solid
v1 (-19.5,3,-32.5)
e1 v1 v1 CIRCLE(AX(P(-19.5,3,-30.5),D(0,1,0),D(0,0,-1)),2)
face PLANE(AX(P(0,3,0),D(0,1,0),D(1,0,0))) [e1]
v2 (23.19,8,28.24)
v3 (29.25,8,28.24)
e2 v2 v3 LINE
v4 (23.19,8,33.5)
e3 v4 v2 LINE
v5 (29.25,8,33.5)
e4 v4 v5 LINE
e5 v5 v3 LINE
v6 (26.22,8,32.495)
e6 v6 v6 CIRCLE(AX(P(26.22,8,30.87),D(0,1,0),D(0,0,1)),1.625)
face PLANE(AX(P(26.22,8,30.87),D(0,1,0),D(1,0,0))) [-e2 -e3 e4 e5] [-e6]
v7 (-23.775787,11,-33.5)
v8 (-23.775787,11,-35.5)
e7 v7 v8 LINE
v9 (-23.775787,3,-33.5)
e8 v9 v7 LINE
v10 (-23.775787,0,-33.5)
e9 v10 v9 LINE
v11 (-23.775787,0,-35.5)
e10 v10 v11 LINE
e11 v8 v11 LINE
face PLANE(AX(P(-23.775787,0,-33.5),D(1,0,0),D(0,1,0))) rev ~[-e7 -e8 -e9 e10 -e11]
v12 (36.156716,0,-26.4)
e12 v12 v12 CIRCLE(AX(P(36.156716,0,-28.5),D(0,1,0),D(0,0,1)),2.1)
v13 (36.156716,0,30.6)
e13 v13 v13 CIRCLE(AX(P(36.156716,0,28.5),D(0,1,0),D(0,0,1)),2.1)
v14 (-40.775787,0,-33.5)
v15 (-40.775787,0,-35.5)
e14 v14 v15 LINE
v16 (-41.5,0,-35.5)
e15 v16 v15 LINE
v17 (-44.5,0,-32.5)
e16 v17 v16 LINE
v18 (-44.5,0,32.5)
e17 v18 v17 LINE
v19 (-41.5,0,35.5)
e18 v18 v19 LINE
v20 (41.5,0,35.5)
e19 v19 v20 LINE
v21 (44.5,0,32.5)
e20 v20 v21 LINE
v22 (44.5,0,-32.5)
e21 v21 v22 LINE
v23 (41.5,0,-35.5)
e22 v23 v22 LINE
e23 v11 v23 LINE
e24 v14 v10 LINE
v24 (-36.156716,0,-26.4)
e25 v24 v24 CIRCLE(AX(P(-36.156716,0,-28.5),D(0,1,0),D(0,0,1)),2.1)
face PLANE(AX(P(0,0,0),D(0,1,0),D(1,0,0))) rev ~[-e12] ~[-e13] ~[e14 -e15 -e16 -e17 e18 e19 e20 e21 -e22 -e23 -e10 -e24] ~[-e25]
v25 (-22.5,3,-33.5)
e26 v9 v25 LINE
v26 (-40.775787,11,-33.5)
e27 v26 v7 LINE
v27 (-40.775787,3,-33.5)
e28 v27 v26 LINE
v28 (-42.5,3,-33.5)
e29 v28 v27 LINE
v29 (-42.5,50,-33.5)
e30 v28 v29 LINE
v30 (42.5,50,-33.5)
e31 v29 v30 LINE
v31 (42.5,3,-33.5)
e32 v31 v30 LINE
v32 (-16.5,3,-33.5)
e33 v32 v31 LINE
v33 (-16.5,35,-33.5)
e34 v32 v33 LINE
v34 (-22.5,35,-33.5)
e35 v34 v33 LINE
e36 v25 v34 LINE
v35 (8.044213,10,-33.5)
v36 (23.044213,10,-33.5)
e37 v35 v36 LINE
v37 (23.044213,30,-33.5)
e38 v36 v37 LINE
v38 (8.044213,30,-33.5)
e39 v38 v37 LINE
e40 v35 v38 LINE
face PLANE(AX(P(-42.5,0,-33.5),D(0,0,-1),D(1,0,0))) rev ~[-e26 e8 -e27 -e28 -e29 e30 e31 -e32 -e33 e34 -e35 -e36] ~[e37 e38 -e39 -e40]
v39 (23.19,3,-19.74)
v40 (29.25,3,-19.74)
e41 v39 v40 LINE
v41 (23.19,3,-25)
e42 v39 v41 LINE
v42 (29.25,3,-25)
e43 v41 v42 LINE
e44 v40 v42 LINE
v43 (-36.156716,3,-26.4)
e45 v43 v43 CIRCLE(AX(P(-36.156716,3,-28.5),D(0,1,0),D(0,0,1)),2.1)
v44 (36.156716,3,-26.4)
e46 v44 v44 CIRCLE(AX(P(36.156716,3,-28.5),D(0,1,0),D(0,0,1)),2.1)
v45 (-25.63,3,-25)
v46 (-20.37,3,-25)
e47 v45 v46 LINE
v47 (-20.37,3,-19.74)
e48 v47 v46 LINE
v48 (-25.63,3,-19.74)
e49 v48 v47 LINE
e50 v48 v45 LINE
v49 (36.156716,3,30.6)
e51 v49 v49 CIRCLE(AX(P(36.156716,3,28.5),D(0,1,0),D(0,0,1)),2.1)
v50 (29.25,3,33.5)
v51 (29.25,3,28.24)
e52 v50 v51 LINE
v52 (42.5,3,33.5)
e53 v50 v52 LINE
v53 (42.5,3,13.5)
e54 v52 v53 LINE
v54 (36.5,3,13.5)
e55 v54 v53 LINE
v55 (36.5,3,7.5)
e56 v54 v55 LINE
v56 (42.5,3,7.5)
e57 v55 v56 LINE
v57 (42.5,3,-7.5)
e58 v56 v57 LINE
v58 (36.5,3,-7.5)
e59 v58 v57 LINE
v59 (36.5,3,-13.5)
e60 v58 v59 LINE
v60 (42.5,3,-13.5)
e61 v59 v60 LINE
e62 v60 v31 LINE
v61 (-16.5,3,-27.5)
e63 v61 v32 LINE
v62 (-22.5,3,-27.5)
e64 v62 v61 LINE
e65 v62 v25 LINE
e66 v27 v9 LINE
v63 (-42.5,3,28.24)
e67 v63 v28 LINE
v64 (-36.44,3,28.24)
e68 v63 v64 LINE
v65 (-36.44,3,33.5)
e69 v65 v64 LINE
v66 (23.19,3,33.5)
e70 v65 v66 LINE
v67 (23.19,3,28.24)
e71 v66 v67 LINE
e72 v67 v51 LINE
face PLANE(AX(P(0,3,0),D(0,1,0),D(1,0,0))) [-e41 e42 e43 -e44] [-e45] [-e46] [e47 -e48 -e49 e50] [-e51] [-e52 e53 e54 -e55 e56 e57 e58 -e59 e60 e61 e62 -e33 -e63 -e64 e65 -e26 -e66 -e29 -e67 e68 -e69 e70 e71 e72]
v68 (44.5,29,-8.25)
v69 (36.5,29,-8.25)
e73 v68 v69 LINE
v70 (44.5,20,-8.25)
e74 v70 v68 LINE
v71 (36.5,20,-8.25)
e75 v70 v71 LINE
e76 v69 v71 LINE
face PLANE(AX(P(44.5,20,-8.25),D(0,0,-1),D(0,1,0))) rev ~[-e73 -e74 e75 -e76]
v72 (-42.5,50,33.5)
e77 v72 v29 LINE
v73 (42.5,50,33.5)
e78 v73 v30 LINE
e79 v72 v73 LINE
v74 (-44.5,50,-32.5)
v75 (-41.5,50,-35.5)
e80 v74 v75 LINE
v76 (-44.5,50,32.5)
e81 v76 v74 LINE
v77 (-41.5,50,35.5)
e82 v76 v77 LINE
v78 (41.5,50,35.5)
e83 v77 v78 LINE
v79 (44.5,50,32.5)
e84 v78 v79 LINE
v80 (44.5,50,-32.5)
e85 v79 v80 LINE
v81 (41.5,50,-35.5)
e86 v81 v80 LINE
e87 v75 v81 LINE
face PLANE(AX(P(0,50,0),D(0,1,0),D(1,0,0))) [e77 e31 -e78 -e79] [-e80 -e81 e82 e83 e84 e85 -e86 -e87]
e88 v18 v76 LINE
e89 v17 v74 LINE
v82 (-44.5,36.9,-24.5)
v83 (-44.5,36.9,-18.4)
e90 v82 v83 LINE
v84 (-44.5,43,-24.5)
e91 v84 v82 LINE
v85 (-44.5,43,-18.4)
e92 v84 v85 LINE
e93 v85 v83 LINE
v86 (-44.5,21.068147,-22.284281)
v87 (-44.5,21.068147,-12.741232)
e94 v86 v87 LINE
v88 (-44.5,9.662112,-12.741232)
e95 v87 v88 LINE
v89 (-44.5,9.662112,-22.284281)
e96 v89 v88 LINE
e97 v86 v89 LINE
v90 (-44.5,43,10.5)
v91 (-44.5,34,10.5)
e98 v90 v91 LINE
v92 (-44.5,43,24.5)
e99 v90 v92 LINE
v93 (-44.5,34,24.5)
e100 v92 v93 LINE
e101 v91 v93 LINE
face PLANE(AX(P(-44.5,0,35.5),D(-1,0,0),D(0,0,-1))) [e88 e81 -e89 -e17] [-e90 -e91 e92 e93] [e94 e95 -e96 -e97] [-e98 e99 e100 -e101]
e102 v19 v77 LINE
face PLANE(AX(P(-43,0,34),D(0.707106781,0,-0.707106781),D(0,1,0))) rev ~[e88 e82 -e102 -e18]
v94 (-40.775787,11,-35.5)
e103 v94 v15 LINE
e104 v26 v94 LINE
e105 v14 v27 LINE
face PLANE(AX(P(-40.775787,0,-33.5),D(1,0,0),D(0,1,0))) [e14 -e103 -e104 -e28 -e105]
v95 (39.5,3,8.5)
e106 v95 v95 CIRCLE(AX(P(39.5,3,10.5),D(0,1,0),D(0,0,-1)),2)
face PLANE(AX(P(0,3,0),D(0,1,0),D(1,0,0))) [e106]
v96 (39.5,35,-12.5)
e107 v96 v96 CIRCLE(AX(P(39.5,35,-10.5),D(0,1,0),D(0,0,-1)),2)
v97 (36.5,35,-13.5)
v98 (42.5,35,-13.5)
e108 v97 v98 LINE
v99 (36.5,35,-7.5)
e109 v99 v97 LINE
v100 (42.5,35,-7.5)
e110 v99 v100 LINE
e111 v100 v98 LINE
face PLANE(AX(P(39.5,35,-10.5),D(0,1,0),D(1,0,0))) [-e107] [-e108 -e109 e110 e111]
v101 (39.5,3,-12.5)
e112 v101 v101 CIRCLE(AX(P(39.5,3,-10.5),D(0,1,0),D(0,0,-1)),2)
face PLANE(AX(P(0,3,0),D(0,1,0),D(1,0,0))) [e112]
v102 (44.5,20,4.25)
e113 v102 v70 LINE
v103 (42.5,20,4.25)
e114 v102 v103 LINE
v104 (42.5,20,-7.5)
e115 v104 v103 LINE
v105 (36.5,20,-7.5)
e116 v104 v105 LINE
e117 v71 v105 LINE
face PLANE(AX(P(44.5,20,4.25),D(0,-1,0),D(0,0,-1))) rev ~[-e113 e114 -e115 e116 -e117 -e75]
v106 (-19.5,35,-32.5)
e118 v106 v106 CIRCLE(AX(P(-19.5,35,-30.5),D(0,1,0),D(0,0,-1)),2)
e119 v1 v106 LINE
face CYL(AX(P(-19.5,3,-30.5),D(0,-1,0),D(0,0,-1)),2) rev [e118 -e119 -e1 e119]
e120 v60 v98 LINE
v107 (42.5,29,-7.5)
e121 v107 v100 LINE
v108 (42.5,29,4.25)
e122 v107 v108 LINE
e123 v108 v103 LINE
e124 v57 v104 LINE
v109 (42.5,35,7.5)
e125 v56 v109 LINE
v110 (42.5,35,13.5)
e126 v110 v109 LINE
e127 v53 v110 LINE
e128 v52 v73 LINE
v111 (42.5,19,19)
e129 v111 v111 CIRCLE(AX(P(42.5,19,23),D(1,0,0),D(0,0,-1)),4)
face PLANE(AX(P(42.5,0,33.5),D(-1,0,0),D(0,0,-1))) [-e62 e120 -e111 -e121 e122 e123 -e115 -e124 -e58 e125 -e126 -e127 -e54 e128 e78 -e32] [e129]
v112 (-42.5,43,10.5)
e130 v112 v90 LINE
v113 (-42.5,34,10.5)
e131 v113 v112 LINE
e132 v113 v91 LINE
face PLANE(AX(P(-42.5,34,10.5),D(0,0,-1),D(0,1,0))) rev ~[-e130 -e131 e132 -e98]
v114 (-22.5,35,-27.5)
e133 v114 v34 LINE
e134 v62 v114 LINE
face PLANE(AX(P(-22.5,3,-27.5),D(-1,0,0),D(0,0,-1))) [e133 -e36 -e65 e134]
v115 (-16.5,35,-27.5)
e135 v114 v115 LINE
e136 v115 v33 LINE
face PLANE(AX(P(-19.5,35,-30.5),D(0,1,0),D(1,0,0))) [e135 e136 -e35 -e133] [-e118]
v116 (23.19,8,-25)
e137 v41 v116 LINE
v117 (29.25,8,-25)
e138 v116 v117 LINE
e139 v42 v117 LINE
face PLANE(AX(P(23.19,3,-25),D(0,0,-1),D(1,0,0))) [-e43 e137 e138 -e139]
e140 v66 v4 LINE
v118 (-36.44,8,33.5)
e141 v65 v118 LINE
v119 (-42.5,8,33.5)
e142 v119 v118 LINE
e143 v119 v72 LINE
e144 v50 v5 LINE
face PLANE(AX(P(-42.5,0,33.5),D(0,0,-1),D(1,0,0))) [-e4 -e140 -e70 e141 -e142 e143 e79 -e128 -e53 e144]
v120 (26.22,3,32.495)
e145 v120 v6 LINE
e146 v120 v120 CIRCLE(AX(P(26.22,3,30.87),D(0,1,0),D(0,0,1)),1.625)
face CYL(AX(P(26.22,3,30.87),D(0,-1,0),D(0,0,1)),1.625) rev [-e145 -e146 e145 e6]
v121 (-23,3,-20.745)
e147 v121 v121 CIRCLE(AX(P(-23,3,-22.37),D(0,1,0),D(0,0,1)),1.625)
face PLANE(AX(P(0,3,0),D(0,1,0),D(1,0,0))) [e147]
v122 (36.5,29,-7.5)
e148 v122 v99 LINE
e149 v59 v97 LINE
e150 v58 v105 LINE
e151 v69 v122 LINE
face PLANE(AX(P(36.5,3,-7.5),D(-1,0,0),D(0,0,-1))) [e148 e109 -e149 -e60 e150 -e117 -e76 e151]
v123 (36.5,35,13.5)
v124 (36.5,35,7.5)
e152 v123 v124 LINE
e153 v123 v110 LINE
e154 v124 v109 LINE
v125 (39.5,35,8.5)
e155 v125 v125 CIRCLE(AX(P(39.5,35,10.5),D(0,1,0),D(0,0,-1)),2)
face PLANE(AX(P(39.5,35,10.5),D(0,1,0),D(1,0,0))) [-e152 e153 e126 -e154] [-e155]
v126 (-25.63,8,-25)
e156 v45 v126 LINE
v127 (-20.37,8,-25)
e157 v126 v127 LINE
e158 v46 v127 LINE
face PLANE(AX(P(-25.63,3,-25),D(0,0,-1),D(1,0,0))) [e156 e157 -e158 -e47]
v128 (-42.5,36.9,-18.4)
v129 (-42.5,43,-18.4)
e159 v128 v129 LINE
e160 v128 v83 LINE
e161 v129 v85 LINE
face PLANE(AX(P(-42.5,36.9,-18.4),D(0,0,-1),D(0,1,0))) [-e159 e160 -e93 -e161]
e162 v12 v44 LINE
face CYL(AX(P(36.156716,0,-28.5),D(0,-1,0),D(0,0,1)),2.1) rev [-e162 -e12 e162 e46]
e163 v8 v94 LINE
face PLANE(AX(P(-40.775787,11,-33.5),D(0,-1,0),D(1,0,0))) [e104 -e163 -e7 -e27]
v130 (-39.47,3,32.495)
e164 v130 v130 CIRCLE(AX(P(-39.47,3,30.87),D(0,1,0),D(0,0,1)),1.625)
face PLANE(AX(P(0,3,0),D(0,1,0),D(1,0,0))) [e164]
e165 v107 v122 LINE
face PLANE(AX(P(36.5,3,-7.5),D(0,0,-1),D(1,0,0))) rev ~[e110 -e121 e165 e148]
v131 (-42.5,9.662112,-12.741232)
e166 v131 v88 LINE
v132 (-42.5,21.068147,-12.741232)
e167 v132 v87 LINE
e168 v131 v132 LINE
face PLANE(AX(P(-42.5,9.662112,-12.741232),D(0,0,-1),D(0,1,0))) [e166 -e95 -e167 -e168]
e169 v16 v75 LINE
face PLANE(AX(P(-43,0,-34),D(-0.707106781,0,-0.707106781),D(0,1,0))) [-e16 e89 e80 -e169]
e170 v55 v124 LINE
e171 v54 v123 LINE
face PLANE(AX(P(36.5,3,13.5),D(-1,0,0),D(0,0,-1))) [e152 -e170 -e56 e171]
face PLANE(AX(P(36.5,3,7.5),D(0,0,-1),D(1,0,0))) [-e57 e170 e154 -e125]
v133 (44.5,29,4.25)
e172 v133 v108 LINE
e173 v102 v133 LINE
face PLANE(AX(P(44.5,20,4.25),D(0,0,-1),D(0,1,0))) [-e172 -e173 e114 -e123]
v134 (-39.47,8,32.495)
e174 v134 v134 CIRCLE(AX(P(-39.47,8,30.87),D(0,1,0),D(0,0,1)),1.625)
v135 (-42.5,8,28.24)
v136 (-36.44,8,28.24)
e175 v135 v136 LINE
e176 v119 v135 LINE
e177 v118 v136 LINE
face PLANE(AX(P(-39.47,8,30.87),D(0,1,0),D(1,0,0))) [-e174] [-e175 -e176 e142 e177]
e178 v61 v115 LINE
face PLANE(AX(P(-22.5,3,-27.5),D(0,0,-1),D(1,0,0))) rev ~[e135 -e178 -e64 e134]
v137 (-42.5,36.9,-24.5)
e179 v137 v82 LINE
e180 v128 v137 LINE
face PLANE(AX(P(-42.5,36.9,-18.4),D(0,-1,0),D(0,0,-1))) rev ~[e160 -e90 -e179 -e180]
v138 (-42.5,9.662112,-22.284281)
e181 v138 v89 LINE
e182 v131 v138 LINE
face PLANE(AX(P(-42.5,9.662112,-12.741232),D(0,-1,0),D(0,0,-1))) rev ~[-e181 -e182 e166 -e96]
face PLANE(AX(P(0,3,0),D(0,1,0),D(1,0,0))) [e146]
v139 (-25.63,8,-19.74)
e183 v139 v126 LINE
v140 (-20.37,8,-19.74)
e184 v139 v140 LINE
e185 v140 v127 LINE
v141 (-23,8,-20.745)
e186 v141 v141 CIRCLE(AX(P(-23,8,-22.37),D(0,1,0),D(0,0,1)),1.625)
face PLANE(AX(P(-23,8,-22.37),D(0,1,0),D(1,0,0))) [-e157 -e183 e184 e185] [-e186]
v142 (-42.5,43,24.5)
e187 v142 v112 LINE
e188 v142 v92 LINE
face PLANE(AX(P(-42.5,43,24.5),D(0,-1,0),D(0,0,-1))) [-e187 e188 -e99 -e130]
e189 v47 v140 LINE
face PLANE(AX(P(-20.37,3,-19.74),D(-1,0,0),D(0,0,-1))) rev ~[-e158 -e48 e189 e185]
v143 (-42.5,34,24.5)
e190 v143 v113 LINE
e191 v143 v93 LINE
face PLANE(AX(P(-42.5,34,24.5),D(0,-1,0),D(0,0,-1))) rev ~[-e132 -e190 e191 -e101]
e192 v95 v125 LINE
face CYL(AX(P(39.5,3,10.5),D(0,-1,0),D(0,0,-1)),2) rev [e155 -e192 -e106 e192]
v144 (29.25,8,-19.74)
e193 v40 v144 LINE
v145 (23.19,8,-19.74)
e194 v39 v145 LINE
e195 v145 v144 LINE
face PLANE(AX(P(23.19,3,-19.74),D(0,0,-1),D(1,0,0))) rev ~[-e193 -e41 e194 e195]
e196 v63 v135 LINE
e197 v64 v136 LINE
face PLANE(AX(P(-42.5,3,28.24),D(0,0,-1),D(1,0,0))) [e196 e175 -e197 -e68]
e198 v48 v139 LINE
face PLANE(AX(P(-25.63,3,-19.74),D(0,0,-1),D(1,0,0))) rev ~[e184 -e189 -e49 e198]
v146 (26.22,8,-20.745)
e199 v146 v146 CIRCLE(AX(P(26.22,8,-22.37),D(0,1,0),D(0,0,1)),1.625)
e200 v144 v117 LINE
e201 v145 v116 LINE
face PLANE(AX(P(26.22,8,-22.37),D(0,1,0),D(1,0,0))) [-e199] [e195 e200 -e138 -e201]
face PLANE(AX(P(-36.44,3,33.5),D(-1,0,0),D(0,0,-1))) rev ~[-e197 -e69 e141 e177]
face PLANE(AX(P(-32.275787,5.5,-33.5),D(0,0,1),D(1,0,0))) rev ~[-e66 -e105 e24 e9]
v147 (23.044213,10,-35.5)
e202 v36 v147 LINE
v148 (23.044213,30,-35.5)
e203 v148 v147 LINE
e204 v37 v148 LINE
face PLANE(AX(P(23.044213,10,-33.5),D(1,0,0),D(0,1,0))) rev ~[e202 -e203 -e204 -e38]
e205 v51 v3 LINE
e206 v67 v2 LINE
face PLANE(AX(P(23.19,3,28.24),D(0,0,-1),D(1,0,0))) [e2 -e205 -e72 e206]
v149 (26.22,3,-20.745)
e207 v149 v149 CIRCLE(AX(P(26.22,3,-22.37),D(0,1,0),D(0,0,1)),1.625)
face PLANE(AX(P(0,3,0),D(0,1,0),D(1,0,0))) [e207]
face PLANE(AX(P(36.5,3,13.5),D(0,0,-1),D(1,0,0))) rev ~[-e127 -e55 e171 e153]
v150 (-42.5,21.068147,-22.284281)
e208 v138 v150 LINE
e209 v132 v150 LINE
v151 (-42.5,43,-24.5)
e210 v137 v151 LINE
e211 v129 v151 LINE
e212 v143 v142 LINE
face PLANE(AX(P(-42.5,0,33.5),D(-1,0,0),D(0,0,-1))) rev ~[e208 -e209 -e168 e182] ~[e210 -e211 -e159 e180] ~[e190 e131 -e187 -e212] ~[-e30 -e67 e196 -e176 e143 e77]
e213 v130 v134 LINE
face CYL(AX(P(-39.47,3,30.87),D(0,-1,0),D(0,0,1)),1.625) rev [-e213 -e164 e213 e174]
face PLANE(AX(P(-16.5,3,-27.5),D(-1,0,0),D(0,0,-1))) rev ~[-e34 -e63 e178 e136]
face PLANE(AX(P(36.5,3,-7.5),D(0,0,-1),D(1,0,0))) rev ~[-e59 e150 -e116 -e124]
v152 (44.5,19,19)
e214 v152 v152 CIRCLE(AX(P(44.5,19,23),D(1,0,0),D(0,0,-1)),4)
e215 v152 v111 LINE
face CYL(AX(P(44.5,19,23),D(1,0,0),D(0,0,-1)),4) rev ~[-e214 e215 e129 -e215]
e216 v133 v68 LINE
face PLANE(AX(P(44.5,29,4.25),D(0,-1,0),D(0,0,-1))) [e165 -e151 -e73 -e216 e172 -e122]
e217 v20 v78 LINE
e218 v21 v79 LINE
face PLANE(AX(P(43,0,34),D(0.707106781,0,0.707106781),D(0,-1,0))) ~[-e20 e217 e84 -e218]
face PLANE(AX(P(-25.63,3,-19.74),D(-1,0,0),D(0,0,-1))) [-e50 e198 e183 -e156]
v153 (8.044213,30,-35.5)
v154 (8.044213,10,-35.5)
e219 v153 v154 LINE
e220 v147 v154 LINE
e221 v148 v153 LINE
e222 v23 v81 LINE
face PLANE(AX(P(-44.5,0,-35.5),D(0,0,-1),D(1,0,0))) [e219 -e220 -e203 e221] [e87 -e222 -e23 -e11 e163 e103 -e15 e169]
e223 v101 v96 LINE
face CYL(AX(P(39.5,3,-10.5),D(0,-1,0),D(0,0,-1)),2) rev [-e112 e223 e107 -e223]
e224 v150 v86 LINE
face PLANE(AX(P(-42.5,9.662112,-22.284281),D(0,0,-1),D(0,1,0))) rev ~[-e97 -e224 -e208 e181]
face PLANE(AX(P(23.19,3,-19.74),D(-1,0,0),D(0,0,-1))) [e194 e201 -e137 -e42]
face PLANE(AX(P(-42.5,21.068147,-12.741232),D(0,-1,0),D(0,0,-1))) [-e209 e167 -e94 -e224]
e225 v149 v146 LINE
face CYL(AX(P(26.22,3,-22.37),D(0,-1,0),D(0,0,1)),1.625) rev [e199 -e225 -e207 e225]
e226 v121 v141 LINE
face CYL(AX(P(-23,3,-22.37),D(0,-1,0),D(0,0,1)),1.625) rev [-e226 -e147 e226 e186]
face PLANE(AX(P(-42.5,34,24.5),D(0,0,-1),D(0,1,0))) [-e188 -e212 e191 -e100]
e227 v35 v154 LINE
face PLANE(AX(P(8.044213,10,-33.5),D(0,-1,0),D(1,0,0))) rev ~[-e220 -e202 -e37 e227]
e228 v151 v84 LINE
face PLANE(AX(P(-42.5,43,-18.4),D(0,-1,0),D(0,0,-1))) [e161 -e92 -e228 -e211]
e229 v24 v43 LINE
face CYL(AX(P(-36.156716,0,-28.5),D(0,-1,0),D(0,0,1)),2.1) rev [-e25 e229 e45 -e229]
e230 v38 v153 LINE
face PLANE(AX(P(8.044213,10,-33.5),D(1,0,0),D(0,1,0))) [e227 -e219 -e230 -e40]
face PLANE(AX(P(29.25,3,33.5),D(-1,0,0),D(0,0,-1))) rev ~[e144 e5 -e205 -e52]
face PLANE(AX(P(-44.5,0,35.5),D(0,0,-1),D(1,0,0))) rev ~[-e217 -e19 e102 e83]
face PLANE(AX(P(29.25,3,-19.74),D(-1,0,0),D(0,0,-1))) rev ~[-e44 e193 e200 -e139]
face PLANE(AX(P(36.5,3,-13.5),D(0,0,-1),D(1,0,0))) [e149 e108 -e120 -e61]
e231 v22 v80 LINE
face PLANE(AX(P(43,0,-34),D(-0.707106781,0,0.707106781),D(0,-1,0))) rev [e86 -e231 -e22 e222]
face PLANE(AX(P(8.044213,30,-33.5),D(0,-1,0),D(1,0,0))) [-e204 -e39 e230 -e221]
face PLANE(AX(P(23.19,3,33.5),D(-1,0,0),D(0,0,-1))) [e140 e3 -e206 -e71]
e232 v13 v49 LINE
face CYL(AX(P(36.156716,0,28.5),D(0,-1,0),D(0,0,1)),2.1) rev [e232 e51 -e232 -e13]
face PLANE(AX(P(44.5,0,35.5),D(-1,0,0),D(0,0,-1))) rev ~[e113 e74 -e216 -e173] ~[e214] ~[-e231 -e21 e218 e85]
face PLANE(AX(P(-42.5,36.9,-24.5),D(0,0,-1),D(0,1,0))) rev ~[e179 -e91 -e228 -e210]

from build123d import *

# Parameters (mm, degrees)
SKETCH1_W           = 85
SKETCH1_H           = 67
SKETCH1_R           = 2.1
BOSS_EXTRUDE1_DEPTH = 3
SKETCH1_3_W         = 89
SKETCH1_3_H         = 71
SKETCH1_3_W_2       = 85
SKETCH1_3_H_2       = 67
BOSS_EXTRUDE2_DEPTH = 50
CHAMFER1_SIZE       = 3
SKETCH2_W           = 6
SKETCH2_H           = 6
SKETCH2_R           = 2
BOSS_EXTRUDE3_DEPTH = 32
SKETCH4_W           = 6.06
SKETCH4_H           = 5.26
SKETCH4_R           = 1.625
SKETCH4_W_2         = 5.26
BOSS_EXTRUDE4_DEPTH = 5
SKETCH5_W           = 15
SKETCH5_H           = 20
SKETCH5_W_2         = 17
SKETCH5_H_2         = 11
CUT_EXTRUDE1_DEPTH  = 3
SKETCH7_R           = 4
SKETCH7_W           = 12.5
SKETCH7_H           = 9
CUT_EXTRUDE2_DEPTH  = 10
SKETCH6_W           = 9.543049048
SKETCH6_H           = 11.406034719
SKETCH6_W_2         = 14
SKETCH6_H_2         = 9
SKETCH6_W_3         = 6.1
SKETCH6_H_3         = 6.1
CUT_EXTRUDE3_DEPTH  = 10


with BuildPart() as part:
    # Sketch1 → Boss-Extrude1 (new body)
    with BuildSketch(Plane(origin=(0, 0, 0), x_dir=(1, 0, 0), z_dir=(0, 1, 0))):
        Rectangle(SKETCH1_W, SKETCH1_H)
        with Locations(Location((36.156716418, -28.5, 0), (0, 0, 270))):
            Circle(SKETCH1_R, mode=Mode.SUBTRACT)
        with Locations(Location((36.156716418, 28.5, 0), (0, 0, 270))):
            Circle(SKETCH1_R, mode=Mode.SUBTRACT)
        with Locations(Location((-36.156716418, 28.5, 0), (0, 0, 270))):
            Circle(SKETCH1_R, mode=Mode.SUBTRACT)
    extrude(amount=BOSS_EXTRUDE1_DEPTH)

    # Sketch1<3> → Boss-Extrude2 (add)
    with BuildSketch(Plane(origin=(0, 0, 0), x_dir=(1, 0, 0), z_dir=(0, 1, 0))):
        Rectangle(SKETCH1_3_W, SKETCH1_3_H)
        Rectangle(SKETCH1_3_W_2, SKETCH1_3_H_2, mode=Mode.SUBTRACT)
    extrude(amount=BOSS_EXTRUDE2_DEPTH)

    # Chamfer1
    chamfer1_edges = [part.edges().sort_by_distance(p)[0] for p in [
        (-44.5, 25, -35.5),
        (-44.5, 25, 35.5),
        (44.5, 25, 35.5),
        (44.5, 25, -35.5),
    ]]
    chamfer(chamfer1_edges, length=CHAMFER1_SIZE)

    # Sketch2 → Boss-Extrude3 (add)
    # profile 1 of 3: a face of its own
    with BuildSketch(Plane(origin=(0, 3, 0), x_dir=(1, 0, 0), z_dir=(0, 1, 0))):
        with Locations((-19.5, 30.5)):
            Rectangle(SKETCH2_W, SKETCH2_H)
        with Locations(Location((-19.5, 30.5, 0), (0, 0, 90))):
            Circle(SKETCH2_R, mode=Mode.SUBTRACT)
    # profile 2 of 3: a face of its own
    with BuildSketch(Plane(origin=(0, 3, 0), x_dir=(1, 0, 0), z_dir=(0, 1, 0))):
        with Locations((39.5, 10.5)):
            Rectangle(SKETCH2_W, SKETCH2_H)
        with Locations(Location((39.5, 10.5, 0), (0, 0, 90))):
            Circle(SKETCH2_R, mode=Mode.SUBTRACT)
    # profile 3 of 3: a face of its own
    with BuildSketch(Plane(origin=(0, 3, 0), x_dir=(1, 0, 0), z_dir=(0, 1, 0))):
        with Locations((39.5, -10.5)):
            Rectangle(SKETCH2_W, SKETCH2_H)
        with Locations(Location((39.5, -10.5, 0), (0, 0, 90))):
            Circle(SKETCH2_R, mode=Mode.SUBTRACT)
    extrude(amount=BOSS_EXTRUDE3_DEPTH)

    # Sketch4 → Boss-Extrude4 (add)
    # profile 1 of 4: a face of its own
    with BuildSketch(Plane(origin=(0, 3, 0), x_dir=(1, 0, 0), z_dir=(0, 1, 0))):
        with Locations((-39.47, -30.87)):
            Rectangle(SKETCH4_W, SKETCH4_H)
        with Locations(Location((-39.47, -30.87, 0), (0, 0, 270))):
            Circle(SKETCH4_R, mode=Mode.SUBTRACT)
    # profile 2 of 4: a face of its own
    with BuildSketch(Plane(origin=(0, 3, 0), x_dir=(1, 0, 0), z_dir=(0, 1, 0))):
        with Locations((-23, 22.37)):
            Rectangle(SKETCH4_W_2, SKETCH4_H)
        with Locations(Location((-23, 22.37, 0), (0, 0, 270))):
            Circle(SKETCH4_R, mode=Mode.SUBTRACT)
    # profile 3 of 4: a face of its own
    with BuildSketch(Plane(origin=(0, 3, 0), x_dir=(1, 0, 0), z_dir=(0, 1, 0))):
        with Locations((26.22, 22.37)):
            Rectangle(SKETCH4_W, SKETCH4_H)
        with Locations(Location((26.22, 22.37, 0), (0, 0, 270))):
            Circle(SKETCH4_R, mode=Mode.SUBTRACT)
    # profile 4 of 4: a face of its own
    with BuildSketch(Plane(origin=(0, 3, 0), x_dir=(1, 0, 0), z_dir=(0, 1, 0))):
        with Locations((26.22, -30.87)):
            Rectangle(SKETCH4_W, SKETCH4_H)
        with Locations(Location((26.22, -30.87, 0), (0, 0, 270))):
            Circle(SKETCH4_R, mode=Mode.SUBTRACT)
    extrude(amount=BOSS_EXTRUDE4_DEPTH)

    # Sketch5 → Cut-Extrude1 (cut)
    with BuildSketch(Plane.XY.offset(-33.5)):
        with Locations((15.544213072, 20)):
            Rectangle(SKETCH5_W, SKETCH5_H)
        with Locations((-32.275786928, 5.5)):
            Rectangle(SKETCH5_W_2, SKETCH5_H_2)
    extrude(amount=-CUT_EXTRUDE1_DEPTH, mode=Mode.SUBTRACT)

    # Sketch7 → Cut-Extrude2 (cut)
    with BuildSketch(Plane(origin=(44.5, 0, 0), x_dir=(0, 0, -1), z_dir=(1, 0, 0))):
        with Locations((-23, 19)):
            Circle(SKETCH7_R)
        with Locations((2, 24.5)):
            Rectangle(SKETCH7_W, SKETCH7_H)
    extrude(amount=-CUT_EXTRUDE2_DEPTH, mode=Mode.SUBTRACT)

    # Sketch6 → Cut-Extrude3 (cut)
    with BuildSketch(Plane(origin=(-42.5, 0, 0), x_dir=(0, 0, -1), z_dir=(1, 0, 0))):
        with Locations((17.512756781, 15.365129708)):
            Rectangle(SKETCH6_W, SKETCH6_H)
        with Locations((-17.5, 38.5)):
            Rectangle(SKETCH6_W_2, SKETCH6_H_2)
        with Locations((21.45, 39.95)):
            Rectangle(SKETCH6_W_3, SKETCH6_H_3)
    extrude(amount=-CUT_EXTRUDE3_DEPTH, mode=Mode.SUBTRACT)


solid = part.part
